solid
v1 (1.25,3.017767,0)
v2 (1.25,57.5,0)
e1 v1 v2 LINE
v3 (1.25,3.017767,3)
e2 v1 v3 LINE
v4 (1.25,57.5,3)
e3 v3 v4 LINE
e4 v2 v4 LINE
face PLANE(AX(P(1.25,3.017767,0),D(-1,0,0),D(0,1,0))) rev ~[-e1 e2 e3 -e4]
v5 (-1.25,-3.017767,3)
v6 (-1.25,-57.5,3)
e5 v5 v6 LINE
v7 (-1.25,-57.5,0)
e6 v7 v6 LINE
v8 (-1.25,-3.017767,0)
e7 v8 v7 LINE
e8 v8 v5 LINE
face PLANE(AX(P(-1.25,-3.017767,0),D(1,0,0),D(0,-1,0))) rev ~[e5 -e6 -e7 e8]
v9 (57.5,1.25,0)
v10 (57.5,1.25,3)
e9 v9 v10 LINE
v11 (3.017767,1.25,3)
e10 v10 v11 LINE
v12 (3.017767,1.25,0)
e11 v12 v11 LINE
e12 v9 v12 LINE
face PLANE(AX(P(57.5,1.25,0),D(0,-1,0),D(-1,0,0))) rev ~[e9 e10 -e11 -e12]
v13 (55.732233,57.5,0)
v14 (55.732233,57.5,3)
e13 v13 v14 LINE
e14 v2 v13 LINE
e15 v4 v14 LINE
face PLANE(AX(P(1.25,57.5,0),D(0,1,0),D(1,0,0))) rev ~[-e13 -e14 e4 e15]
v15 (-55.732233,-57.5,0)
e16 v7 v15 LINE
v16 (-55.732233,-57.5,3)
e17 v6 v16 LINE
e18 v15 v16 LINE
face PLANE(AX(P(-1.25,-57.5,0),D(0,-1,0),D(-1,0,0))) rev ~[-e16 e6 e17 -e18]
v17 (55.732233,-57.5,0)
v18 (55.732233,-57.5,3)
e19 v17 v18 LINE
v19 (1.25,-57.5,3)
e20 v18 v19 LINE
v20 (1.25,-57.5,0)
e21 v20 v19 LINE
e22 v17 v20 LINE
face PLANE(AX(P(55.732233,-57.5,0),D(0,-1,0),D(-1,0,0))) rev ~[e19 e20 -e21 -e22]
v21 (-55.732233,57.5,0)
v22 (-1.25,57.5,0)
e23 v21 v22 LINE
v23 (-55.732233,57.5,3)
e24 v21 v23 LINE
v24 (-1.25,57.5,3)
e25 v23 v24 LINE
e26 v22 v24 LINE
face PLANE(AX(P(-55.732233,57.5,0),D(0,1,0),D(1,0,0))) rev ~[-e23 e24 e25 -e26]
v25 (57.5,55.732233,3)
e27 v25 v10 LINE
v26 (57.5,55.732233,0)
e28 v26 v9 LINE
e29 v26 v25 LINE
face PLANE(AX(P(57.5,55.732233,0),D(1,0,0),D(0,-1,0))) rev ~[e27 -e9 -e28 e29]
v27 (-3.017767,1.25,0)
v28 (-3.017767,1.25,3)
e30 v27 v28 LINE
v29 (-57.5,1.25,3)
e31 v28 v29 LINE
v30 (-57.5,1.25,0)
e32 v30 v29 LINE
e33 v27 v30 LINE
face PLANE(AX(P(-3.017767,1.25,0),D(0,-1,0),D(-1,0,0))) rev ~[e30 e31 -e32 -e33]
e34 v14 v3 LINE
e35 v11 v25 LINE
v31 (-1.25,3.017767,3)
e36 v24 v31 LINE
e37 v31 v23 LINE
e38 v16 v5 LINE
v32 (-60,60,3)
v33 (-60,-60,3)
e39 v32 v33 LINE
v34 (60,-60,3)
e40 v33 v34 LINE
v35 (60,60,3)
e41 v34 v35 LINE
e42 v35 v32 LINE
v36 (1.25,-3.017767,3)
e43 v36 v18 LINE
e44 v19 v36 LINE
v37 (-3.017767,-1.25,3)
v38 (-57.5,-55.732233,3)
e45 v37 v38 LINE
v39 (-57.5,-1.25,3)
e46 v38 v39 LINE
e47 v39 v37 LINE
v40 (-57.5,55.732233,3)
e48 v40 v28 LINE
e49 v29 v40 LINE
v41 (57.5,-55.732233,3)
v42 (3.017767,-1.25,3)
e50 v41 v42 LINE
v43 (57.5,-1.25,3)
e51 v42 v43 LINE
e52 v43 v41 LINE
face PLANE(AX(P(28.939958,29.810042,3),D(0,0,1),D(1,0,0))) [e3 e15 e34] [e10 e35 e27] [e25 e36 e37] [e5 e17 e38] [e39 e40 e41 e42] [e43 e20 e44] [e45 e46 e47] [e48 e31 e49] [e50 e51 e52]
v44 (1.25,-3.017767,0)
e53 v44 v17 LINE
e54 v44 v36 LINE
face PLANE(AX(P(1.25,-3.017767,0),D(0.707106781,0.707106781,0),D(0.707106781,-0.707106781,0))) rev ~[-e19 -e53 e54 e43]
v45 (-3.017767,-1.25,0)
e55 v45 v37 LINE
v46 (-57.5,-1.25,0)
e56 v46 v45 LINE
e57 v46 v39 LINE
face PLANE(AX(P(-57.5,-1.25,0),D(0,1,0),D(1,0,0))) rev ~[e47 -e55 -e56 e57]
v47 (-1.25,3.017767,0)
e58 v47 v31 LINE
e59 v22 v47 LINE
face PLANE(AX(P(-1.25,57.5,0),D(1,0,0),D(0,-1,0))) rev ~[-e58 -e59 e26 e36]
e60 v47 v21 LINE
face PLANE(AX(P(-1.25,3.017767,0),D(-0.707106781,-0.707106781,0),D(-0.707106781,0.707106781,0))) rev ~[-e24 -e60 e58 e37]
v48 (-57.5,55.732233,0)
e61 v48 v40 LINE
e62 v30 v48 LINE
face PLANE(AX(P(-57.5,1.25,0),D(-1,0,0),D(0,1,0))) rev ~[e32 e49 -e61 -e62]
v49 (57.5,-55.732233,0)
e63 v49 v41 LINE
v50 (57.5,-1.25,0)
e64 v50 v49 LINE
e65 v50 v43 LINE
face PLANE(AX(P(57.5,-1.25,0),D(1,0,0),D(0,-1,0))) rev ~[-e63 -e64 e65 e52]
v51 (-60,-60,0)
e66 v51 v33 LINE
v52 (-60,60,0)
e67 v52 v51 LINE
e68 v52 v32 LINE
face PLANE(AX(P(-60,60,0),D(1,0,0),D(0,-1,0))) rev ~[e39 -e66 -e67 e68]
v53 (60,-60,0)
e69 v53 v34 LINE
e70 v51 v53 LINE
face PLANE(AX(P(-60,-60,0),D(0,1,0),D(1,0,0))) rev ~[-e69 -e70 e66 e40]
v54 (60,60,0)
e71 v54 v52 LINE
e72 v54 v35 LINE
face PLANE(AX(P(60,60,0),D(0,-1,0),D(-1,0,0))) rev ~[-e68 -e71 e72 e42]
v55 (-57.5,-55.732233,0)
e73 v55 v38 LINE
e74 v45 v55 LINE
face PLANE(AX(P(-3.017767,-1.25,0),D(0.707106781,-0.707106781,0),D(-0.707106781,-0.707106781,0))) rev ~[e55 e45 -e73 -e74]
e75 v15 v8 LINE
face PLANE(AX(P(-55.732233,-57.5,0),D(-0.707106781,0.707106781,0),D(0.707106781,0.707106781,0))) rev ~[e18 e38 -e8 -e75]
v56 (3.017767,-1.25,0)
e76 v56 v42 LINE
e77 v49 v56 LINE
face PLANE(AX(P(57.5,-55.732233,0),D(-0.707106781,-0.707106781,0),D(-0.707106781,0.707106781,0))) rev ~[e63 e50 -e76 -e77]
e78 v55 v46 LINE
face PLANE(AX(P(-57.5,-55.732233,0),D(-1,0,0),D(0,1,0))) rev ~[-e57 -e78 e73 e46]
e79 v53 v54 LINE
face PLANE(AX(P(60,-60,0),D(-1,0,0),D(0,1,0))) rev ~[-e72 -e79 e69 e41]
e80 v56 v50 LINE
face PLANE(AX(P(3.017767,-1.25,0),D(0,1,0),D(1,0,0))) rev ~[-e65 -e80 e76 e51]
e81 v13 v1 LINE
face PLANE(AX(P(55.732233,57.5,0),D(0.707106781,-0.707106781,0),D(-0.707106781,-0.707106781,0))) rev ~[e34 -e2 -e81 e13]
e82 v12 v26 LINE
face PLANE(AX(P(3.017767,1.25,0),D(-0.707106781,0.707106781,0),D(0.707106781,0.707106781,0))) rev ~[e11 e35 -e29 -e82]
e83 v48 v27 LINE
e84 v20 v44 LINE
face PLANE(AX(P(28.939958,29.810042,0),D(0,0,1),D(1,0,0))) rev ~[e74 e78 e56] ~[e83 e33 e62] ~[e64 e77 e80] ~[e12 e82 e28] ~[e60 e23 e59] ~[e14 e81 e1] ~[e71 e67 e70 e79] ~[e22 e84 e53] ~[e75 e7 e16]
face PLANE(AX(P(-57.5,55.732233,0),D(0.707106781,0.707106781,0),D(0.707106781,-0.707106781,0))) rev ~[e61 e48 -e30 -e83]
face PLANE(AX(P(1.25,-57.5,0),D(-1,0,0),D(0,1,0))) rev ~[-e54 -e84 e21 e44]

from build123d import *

# Parameters (mm, degrees)
F1_DEPTH = 3


with BuildPart() as f1:
    # F0 (on Top) → F1 (new body)
    with BuildSketch(Plane.XY):
        Polygon((57.5, 57.5), (55.732233047, 57.5), (1.25, 3.017766953), (1.25, 1.25), align=None)
        Polygon((-55.732233047, -57.5), (-58.232233047, -60), (58.232233047, -60), (55.732233047, -57.5), (1.25, -57.5), (-1.25, -57.5), align=None)
        Polygon((57.5, -1.25), (57.5, 1.25), (3.017766953, 1.25), (1.767766953, 0), (3.017766953, -1.25), align=None)
        Polygon((1.25, 57.5), (-1.25, 57.5), (-1.25, 3.017766953), (0, 1.767766953), (1.25, 3.017766953), align=None)
        Polygon((-1.25, 1.25), (-57.5, 57.5), (-57.5, 55.732233047), (-3.017766953, 1.25), align=None)
        Polygon((-57.5, 55.732233047), (-60, 58.232233047), (-60, -58.232233047), (-57.5, -55.732233047), (-57.5, -1.25), (-57.5, 1.25), align=None)
        Polygon((-1.25, -1.25), (-57.5, -57.5), (-55.732233047, -57.5), (-1.25, -3.017766953), align=None)
        Polygon((-1.25, -3.017766953), (-1.25, -57.5), (1.25, -57.5), (1.25, -3.017766953), (0, -1.767766953), align=None)
        Polygon((-3.017766953, -1.25), (-57.5, -55.732233047), (-57.5, -57.5), (-1.25, -1.25), align=None)
        Polygon((58.232233047, 60), (-58.232233047, 60), (-55.732233047, 57.5), (-1.25, 57.5), (1.25, 57.5), (55.732233047, 57.5), align=None)
        Polygon((-3.017766953, 1.25), (-57.5, 1.25), (-57.5, -1.25), (-3.017766953, -1.25), (-1.767766953, 0), align=None)
        Polygon((57.5, 55.732233047), (57.5, 57.5), (1.25, 1.25), (3.017766953, 1.25), align=None)
        Polygon((60, -58.232233047), (60, 58.232233047), (57.5, 55.732233047), (57.5, 1.25), (57.5, -1.25), (57.5, -55.732233047), align=None)
        Polygon((3.017766953, 1.25), (1.25, 1.25), (1.25, 0.517766953), (1.767766953, 0), align=None)
        Polygon((57.5, -57.5), (57.5, -55.732233047), (3.017766953, -1.25), (1.25, -1.25), align=None)
        Polygon((-1.25, 3.017766953), (-1.25, 1.25), (-0.517766953, 1.25), (0, 1.767766953), align=None)
        Polygon((-0.517766953, -1.25), (-1.25, -1.25), (-1.25, -3.017766953), (0, -1.767766953), align=None)
        Polygon((-58.232233047, 60), (-60, 60), (-57.5, 57.5), (-55.732233047, 57.5), align=None)
        Polygon((60, 60), (58.232233047, 60), (55.732233047, 57.5), (57.5, 57.5), align=None)
        Polygon((-57.5, -57.5), (-60, -60), (-58.232233047, -60), (-55.732233047, -57.5), align=None)
        Polygon((55.732233047, -57.5), (58.232233047, -60), (60, -60), (57.5, -57.5), align=None)
        Polygon((-57.5, 57.5), (-60, 60), (-60, 58.232233047), (-57.5, 55.732233047), align=None)
        Polygon((-57.5, -55.732233047), (-60, -58.232233047), (-60, -60), (-57.5, -57.5), align=None)
        Polygon((60, -60), (60, -58.232233047), (57.5, -55.732233047), (57.5, -57.5), align=None)
        Polygon((1.25, -3.017766953), (1.25, -1.25), (0.517766953, -1.25), (0, -1.767766953), align=None)
        Polygon((1.25, -0.517766953), (1.25, -1.25), (3.017766953, -1.25), (1.767766953, 0), align=None)
        Polygon((1.25, 1.25), (1.25, 3.017766953), (0, 1.767766953), (0.517766953, 1.25), align=None)
        Polygon((-55.732233047, 57.5), (-57.5, 57.5), (-1.25, 1.25), (-1.25, 3.017766953), align=None)
        Polygon((-1.25, 0.517766953), (-1.25, 1.25), (-3.017766953, 1.25), (-1.767766953, 0), align=None)
        Polygon((1.25, -3.017766953), (55.732233047, -57.5), (57.5, -57.5), (1.25, -1.25), align=None)
        Polygon((-1.767766953, 0), (-3.017766953, -1.25), (-1.25, -1.25), (-1.25, -0.517766953), align=None)
        Polygon((0, 0), (-0.8838834765, 0.8838834765), (-1.25, 0.517766953), (-1.25, -0.517766953), (-0.8838834765, -0.8838834765), align=None)
        Polygon((-0.517766953, 1.25), (-0.8838834765, 0.8838834765), (0, 0), (0.8838834765, 0.8838834765), (0.517766953, 1.25), align=None)
        Polygon((-0.8838834765, -0.8838834765), (-1.25, -1.25), (-0.517766953, -1.25), align=None)
        Polygon((-1.25, -0.517766953), (-1.25, 0.517766953), (-1.767766953, 0), align=None)
        Polygon((-0.517766953, 1.25), (-1.25, 1.25), (-0.8838834765, 0.8838834765), align=None)
        Polygon((1.25, -0.517766953), (0.8838834765, -0.8838834765), (1.25, -1.25), align=None)
        Polygon((1.25, 1.25), (0.517766953, 1.25), (0.8838834765, 0.8838834765), align=None)
        Polygon((60, 58.232233047), (60, 60), (57.5, 57.5), (57.5, 55.732233047), align=None)
        Polygon((0.517766953, -1.25), (-0.517766953, -1.25), (0, -1.767766953), align=None)
        Polygon((0.8838834765, -0.8838834765), (0, 0), (-0.8838834765, -0.8838834765), (-0.517766953, -1.25), (0.517766953, -1.25), align=None)
        Polygon((0.8838834765, 0.8838834765), (0, 0), (0.8838834765, -0.8838834765), (1.25, -0.517766953), (1.25, 0.517766953), align=None)
        Polygon((0, 1.767766953), (-0.517766953, 1.25), (0.517766953, 1.25), align=None)
        Polygon((1.767766953, 0), (1.25, 0.517766953), (1.25, -0.517766953), align=None)
        Polygon((1.25, -1.25), (0.8838834765, -0.8838834765), (0.517766953, -1.25), align=None)
        Polygon((-0.8838834765, 0.8838834765), (-1.25, 1.25), (-1.25, 0.517766953), align=None)
        Polygon((1.25, 0.517766953), (1.25, 1.25), (0.8838834765, 0.8838834765), align=None)
        Polygon((-0.8838834765, -0.8838834765), (-1.25, -0.517766953), (-1.25, -1.25), align=None)
    extrude(amount=F1_DEPTH)


solid = f1.part
